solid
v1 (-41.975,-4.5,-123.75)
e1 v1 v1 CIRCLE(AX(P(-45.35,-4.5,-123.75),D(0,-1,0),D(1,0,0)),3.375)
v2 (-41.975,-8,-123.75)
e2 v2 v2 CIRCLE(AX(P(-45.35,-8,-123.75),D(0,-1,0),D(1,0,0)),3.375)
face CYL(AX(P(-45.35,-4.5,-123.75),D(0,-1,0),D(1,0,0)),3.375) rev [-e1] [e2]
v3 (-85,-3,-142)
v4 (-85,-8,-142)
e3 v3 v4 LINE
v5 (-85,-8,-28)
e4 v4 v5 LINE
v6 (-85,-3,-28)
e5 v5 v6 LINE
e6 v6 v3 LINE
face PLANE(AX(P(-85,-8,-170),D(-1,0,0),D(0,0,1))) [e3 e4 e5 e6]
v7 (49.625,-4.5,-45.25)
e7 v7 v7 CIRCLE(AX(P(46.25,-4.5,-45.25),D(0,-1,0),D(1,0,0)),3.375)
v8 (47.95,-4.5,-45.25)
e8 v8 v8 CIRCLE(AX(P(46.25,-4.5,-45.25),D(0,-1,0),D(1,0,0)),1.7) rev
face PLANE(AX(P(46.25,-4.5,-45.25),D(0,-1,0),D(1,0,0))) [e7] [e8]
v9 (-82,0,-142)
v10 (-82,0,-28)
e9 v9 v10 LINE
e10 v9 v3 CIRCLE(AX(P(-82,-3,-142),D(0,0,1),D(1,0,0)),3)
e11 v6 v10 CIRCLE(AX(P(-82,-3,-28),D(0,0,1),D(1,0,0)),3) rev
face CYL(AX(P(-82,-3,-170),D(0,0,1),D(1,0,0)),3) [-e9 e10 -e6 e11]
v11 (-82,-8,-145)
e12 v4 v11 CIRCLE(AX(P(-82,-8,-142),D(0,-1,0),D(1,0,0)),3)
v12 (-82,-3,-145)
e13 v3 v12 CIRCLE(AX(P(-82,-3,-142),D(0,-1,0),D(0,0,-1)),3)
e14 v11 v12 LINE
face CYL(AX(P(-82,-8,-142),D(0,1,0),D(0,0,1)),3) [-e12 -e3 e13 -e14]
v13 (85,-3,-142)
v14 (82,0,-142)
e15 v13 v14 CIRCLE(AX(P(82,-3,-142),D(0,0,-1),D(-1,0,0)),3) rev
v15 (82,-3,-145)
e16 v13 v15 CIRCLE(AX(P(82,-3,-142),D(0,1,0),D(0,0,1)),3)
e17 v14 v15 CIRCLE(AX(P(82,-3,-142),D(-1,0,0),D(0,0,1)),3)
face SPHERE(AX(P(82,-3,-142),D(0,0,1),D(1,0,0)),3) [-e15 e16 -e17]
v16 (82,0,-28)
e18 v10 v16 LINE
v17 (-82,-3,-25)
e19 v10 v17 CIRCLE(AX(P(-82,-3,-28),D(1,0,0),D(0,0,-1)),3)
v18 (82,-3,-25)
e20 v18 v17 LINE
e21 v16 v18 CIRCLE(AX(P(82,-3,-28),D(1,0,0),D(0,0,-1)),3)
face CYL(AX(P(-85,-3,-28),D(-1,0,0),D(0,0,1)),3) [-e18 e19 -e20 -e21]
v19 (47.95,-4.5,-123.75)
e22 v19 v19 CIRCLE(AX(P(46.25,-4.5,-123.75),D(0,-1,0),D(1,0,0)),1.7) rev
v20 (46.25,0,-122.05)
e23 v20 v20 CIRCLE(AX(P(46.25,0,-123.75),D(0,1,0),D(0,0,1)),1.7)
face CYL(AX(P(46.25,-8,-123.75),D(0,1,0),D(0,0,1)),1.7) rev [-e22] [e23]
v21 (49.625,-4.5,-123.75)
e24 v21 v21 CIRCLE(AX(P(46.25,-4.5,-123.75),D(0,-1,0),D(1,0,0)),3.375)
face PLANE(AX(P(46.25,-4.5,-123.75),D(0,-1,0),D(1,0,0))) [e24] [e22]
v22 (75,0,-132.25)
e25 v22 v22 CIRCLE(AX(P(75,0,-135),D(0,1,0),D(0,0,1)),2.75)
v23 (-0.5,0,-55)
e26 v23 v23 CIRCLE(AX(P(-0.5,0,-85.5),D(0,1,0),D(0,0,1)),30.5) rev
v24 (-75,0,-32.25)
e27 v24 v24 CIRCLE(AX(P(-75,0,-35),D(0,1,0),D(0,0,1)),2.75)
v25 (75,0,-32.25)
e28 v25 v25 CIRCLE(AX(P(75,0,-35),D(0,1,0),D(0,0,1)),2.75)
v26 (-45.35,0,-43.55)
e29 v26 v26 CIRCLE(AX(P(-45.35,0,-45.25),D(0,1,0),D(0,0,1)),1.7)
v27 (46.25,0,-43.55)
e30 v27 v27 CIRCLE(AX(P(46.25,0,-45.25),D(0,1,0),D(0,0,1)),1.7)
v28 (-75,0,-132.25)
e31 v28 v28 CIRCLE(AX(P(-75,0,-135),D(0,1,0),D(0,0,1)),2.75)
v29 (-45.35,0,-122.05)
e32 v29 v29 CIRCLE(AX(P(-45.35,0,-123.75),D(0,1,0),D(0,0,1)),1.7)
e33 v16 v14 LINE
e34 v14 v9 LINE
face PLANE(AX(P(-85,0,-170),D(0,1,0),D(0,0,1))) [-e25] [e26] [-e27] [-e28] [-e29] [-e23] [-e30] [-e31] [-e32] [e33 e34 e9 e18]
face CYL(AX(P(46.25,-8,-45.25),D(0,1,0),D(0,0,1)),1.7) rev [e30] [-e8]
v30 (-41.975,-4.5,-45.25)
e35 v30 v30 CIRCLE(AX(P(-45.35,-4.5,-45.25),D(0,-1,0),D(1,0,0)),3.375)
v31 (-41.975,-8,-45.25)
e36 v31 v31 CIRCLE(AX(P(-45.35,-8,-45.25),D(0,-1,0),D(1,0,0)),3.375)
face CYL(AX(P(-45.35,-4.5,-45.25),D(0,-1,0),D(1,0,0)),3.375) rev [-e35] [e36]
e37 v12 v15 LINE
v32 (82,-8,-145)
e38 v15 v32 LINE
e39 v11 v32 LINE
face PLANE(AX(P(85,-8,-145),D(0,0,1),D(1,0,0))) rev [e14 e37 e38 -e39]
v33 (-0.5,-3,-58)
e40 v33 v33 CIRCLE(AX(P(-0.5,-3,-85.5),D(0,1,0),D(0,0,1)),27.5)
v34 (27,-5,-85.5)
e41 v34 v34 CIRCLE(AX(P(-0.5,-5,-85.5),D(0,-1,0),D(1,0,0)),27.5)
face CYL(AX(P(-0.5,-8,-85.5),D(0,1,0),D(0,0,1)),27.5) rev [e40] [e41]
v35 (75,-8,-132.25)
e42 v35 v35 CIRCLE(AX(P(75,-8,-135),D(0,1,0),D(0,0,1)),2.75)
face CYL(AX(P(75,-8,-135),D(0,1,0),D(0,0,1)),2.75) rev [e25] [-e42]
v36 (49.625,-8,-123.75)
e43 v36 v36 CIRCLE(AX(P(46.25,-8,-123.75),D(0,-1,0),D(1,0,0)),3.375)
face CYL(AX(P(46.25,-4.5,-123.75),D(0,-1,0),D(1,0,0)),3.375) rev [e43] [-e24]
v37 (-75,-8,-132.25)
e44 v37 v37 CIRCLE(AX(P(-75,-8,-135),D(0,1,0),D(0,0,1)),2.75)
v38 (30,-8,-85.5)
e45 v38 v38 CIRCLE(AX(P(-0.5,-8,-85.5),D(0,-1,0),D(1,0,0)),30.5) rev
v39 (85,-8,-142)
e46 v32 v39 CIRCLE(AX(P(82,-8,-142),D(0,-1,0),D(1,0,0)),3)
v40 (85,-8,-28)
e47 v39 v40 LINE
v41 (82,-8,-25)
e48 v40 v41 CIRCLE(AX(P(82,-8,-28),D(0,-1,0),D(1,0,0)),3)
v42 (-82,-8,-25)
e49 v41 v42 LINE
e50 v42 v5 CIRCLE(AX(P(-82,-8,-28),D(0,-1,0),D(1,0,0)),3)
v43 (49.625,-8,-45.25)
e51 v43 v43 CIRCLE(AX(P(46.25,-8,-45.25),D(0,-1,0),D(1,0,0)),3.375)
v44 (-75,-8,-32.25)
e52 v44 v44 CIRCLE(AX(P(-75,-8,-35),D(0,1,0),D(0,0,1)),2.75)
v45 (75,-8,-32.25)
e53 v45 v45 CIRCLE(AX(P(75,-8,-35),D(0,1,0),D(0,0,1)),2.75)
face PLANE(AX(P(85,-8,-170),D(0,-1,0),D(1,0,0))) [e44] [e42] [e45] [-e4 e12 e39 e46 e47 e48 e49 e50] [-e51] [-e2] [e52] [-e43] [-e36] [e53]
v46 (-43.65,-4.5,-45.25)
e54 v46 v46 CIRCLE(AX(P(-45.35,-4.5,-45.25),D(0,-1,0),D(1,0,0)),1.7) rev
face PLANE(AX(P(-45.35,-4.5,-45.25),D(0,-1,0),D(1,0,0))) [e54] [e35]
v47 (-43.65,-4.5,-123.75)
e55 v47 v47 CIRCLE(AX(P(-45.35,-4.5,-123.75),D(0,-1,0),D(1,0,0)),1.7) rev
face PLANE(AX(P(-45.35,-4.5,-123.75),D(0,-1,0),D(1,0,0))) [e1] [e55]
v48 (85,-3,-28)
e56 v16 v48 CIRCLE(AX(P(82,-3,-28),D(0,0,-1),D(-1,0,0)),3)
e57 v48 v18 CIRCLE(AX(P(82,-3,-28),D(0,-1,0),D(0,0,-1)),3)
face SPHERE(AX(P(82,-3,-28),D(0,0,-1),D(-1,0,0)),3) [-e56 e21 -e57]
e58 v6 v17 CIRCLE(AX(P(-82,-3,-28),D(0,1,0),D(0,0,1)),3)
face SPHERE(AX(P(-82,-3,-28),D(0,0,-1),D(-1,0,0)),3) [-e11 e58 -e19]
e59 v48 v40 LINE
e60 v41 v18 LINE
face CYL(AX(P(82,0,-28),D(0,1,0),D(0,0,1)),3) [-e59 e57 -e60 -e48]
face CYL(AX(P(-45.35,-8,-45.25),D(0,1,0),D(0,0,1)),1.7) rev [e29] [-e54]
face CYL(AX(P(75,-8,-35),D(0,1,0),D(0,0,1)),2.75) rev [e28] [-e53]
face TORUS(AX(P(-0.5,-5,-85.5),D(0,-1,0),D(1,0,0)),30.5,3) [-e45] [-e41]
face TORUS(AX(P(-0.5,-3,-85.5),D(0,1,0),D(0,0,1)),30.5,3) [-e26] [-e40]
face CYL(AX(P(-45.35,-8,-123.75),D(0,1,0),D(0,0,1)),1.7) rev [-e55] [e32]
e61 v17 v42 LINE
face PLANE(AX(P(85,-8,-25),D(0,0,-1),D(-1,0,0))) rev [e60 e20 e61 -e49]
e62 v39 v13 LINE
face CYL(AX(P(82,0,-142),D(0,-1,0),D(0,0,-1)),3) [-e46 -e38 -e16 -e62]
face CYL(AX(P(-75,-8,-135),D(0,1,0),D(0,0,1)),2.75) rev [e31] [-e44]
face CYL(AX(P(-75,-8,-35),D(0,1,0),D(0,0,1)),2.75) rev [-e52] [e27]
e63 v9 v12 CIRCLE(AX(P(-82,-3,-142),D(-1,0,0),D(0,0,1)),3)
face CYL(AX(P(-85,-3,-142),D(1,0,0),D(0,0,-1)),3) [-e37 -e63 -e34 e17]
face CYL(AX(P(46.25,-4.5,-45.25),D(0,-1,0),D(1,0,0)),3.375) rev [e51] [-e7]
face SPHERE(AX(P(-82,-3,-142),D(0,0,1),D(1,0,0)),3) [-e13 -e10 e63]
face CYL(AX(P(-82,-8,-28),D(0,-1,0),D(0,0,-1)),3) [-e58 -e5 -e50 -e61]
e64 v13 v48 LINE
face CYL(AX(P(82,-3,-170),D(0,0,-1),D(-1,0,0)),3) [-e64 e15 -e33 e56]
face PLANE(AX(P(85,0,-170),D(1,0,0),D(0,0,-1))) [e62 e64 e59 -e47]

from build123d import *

# Parameters (mm, degrees)
BOSS_EXTRUDE1_DEPTH = 170
SKETCH2_R           = 2.75
CUT_EXTRUDE1_DEPTH  = 9
SKETCH3_R           = 1.7
CUT_EXTRUDE2_DEPTH  = 9
SKETCH4_R           = 3.375
CUT_EXTRUDE3_DEPTH  = 3.5
FILLET1_R           = 3
SKETCH5_R           = 27.5
CUT_EXTRUDE4_DEPTH  = 9
FILLET2_R           = 3
FILLET3_R           = 3
SKETCH6_W           = 170
SKETCH6_H           = 25
CUT_EXTRUDE5_DEPTH  = 9
FILLET4_R           = 3
FILLET5_R           = 3


with BuildPart() as part:
    # Sketch1 → Boss-Extrude1 (new body)
    with BuildSketch(Plane.XY):
        Polygon((-85, 0), (0, 0), (85, 0), (85, -8), (-85, -8), align=None)
    extrude(amount=-BOSS_EXTRUDE1_DEPTH)

    # Sketch2 → Cut-Extrude1 (cut, through all)
    with BuildSketch(Plane(origin=(0, 0, 0), x_dir=(1, 0, 0), z_dir=(0, 1, 0))):
        with Locations((-75, 35)):
            Circle(SKETCH2_R)
        with Locations((75, 35)):
            Circle(SKETCH2_R)
        with Locations((75, 135)):
            Circle(SKETCH2_R)
        with Locations((-75, 135)):
            Circle(SKETCH2_R)
    extrude(amount=-CUT_EXTRUDE1_DEPTH, mode=Mode.SUBTRACT)

    # Sketch3 → Cut-Extrude2 (cut, through all)
    with BuildSketch(Plane(origin=(0, 0, 0), x_dir=(1, 0, 0), z_dir=(0, 1, 0))):
        with Locations((-45.35, 45.25)):
            Circle(SKETCH3_R)
        with Locations((46.25, 45.25)):
            Circle(SKETCH3_R)
        with Locations((46.25, 123.75)):
            Circle(SKETCH3_R)
        with Locations((-45.35, 123.75)):
            Circle(SKETCH3_R)
    extrude(amount=-CUT_EXTRUDE2_DEPTH, mode=Mode.SUBTRACT)

    # Sketch4 → Cut-Extrude3 (cut)
    with BuildSketch(Plane.XZ.offset(8)):
        with Locations((-45.35, -45.25)):
            Circle(SKETCH4_R)
        with Locations((46.25, -45.25)):
            Circle(SKETCH4_R)
        with Locations((46.25, -123.75)):
            Circle(SKETCH4_R)
        with Locations((-45.35, -123.75)):
            Circle(SKETCH4_R)
    extrude(amount=-CUT_EXTRUDE3_DEPTH, mode=Mode.SUBTRACT)

    # Fillet1
    fillet1_edges = [part.edges().sort_by_distance(p)[0] for p in [
        (0, 0, -170),
        (0, 0, 0),
        (-85, 0, -85),
        (85, 0, -85),
    ]]
    fillet(fillet1_edges, radius=FILLET1_R)

    # Sketch5 → Cut-Extrude4 (cut, through all)
    with BuildSketch(Plane(origin=(0, 0, 0), x_dir=(1, 0, 0), z_dir=(0, 1, 0))):
        with Locations((-0.5, 85.5)):
            Circle(SKETCH5_R)
    extrude(amount=-CUT_EXTRUDE4_DEPTH, mode=Mode.SUBTRACT)

    # Fillet2
    fillet2_edges = [part.edges().sort_by_distance(p)[0] for p in [
        (-28, 0, -85.5),
    ]]
    fillet(fillet2_edges, radius=FILLET2_R)

    # Fillet3
    fillet3_edges = [part.edges().sort_by_distance(p)[0] for p in [
        (-28, -8, -85.5),
    ]]
    fillet(fillet3_edges, radius=FILLET3_R)

    # Sketch6 → Cut-Extrude5 (cut, through all)
    with BuildSketch(Plane(origin=(0, 0, 0), x_dir=(1, 0, 0), z_dir=(0, 1, 0))):
        with Locations((0, 157.5)):
            Rectangle(SKETCH6_W, SKETCH6_H)
        with Locations((0, 12.5)):
            Rectangle(SKETCH6_W, SKETCH6_H)
    extrude(amount=-CUT_EXTRUDE5_DEPTH, mode=Mode.SUBTRACT)

    # Fillet4
    fillet4_edges = [part.edges().sort_by_distance(p)[0] for p in [
        (0, 0, -145),
        (-85, -5.5, -145),
        (85, -5.5, -145),
    ]]
    fillet(fillet4_edges, radius=FILLET4_R)

    # Fillet5
    fillet5_edges = [part.edges().sort_by_distance(p)[0] for p in [
        (85, -5.5, -25),
        (-85, -5.5, -25),
        (0, 0, -25),
    ]]
    fillet(fillet5_edges, radius=FILLET5_R)


solid = part.part
